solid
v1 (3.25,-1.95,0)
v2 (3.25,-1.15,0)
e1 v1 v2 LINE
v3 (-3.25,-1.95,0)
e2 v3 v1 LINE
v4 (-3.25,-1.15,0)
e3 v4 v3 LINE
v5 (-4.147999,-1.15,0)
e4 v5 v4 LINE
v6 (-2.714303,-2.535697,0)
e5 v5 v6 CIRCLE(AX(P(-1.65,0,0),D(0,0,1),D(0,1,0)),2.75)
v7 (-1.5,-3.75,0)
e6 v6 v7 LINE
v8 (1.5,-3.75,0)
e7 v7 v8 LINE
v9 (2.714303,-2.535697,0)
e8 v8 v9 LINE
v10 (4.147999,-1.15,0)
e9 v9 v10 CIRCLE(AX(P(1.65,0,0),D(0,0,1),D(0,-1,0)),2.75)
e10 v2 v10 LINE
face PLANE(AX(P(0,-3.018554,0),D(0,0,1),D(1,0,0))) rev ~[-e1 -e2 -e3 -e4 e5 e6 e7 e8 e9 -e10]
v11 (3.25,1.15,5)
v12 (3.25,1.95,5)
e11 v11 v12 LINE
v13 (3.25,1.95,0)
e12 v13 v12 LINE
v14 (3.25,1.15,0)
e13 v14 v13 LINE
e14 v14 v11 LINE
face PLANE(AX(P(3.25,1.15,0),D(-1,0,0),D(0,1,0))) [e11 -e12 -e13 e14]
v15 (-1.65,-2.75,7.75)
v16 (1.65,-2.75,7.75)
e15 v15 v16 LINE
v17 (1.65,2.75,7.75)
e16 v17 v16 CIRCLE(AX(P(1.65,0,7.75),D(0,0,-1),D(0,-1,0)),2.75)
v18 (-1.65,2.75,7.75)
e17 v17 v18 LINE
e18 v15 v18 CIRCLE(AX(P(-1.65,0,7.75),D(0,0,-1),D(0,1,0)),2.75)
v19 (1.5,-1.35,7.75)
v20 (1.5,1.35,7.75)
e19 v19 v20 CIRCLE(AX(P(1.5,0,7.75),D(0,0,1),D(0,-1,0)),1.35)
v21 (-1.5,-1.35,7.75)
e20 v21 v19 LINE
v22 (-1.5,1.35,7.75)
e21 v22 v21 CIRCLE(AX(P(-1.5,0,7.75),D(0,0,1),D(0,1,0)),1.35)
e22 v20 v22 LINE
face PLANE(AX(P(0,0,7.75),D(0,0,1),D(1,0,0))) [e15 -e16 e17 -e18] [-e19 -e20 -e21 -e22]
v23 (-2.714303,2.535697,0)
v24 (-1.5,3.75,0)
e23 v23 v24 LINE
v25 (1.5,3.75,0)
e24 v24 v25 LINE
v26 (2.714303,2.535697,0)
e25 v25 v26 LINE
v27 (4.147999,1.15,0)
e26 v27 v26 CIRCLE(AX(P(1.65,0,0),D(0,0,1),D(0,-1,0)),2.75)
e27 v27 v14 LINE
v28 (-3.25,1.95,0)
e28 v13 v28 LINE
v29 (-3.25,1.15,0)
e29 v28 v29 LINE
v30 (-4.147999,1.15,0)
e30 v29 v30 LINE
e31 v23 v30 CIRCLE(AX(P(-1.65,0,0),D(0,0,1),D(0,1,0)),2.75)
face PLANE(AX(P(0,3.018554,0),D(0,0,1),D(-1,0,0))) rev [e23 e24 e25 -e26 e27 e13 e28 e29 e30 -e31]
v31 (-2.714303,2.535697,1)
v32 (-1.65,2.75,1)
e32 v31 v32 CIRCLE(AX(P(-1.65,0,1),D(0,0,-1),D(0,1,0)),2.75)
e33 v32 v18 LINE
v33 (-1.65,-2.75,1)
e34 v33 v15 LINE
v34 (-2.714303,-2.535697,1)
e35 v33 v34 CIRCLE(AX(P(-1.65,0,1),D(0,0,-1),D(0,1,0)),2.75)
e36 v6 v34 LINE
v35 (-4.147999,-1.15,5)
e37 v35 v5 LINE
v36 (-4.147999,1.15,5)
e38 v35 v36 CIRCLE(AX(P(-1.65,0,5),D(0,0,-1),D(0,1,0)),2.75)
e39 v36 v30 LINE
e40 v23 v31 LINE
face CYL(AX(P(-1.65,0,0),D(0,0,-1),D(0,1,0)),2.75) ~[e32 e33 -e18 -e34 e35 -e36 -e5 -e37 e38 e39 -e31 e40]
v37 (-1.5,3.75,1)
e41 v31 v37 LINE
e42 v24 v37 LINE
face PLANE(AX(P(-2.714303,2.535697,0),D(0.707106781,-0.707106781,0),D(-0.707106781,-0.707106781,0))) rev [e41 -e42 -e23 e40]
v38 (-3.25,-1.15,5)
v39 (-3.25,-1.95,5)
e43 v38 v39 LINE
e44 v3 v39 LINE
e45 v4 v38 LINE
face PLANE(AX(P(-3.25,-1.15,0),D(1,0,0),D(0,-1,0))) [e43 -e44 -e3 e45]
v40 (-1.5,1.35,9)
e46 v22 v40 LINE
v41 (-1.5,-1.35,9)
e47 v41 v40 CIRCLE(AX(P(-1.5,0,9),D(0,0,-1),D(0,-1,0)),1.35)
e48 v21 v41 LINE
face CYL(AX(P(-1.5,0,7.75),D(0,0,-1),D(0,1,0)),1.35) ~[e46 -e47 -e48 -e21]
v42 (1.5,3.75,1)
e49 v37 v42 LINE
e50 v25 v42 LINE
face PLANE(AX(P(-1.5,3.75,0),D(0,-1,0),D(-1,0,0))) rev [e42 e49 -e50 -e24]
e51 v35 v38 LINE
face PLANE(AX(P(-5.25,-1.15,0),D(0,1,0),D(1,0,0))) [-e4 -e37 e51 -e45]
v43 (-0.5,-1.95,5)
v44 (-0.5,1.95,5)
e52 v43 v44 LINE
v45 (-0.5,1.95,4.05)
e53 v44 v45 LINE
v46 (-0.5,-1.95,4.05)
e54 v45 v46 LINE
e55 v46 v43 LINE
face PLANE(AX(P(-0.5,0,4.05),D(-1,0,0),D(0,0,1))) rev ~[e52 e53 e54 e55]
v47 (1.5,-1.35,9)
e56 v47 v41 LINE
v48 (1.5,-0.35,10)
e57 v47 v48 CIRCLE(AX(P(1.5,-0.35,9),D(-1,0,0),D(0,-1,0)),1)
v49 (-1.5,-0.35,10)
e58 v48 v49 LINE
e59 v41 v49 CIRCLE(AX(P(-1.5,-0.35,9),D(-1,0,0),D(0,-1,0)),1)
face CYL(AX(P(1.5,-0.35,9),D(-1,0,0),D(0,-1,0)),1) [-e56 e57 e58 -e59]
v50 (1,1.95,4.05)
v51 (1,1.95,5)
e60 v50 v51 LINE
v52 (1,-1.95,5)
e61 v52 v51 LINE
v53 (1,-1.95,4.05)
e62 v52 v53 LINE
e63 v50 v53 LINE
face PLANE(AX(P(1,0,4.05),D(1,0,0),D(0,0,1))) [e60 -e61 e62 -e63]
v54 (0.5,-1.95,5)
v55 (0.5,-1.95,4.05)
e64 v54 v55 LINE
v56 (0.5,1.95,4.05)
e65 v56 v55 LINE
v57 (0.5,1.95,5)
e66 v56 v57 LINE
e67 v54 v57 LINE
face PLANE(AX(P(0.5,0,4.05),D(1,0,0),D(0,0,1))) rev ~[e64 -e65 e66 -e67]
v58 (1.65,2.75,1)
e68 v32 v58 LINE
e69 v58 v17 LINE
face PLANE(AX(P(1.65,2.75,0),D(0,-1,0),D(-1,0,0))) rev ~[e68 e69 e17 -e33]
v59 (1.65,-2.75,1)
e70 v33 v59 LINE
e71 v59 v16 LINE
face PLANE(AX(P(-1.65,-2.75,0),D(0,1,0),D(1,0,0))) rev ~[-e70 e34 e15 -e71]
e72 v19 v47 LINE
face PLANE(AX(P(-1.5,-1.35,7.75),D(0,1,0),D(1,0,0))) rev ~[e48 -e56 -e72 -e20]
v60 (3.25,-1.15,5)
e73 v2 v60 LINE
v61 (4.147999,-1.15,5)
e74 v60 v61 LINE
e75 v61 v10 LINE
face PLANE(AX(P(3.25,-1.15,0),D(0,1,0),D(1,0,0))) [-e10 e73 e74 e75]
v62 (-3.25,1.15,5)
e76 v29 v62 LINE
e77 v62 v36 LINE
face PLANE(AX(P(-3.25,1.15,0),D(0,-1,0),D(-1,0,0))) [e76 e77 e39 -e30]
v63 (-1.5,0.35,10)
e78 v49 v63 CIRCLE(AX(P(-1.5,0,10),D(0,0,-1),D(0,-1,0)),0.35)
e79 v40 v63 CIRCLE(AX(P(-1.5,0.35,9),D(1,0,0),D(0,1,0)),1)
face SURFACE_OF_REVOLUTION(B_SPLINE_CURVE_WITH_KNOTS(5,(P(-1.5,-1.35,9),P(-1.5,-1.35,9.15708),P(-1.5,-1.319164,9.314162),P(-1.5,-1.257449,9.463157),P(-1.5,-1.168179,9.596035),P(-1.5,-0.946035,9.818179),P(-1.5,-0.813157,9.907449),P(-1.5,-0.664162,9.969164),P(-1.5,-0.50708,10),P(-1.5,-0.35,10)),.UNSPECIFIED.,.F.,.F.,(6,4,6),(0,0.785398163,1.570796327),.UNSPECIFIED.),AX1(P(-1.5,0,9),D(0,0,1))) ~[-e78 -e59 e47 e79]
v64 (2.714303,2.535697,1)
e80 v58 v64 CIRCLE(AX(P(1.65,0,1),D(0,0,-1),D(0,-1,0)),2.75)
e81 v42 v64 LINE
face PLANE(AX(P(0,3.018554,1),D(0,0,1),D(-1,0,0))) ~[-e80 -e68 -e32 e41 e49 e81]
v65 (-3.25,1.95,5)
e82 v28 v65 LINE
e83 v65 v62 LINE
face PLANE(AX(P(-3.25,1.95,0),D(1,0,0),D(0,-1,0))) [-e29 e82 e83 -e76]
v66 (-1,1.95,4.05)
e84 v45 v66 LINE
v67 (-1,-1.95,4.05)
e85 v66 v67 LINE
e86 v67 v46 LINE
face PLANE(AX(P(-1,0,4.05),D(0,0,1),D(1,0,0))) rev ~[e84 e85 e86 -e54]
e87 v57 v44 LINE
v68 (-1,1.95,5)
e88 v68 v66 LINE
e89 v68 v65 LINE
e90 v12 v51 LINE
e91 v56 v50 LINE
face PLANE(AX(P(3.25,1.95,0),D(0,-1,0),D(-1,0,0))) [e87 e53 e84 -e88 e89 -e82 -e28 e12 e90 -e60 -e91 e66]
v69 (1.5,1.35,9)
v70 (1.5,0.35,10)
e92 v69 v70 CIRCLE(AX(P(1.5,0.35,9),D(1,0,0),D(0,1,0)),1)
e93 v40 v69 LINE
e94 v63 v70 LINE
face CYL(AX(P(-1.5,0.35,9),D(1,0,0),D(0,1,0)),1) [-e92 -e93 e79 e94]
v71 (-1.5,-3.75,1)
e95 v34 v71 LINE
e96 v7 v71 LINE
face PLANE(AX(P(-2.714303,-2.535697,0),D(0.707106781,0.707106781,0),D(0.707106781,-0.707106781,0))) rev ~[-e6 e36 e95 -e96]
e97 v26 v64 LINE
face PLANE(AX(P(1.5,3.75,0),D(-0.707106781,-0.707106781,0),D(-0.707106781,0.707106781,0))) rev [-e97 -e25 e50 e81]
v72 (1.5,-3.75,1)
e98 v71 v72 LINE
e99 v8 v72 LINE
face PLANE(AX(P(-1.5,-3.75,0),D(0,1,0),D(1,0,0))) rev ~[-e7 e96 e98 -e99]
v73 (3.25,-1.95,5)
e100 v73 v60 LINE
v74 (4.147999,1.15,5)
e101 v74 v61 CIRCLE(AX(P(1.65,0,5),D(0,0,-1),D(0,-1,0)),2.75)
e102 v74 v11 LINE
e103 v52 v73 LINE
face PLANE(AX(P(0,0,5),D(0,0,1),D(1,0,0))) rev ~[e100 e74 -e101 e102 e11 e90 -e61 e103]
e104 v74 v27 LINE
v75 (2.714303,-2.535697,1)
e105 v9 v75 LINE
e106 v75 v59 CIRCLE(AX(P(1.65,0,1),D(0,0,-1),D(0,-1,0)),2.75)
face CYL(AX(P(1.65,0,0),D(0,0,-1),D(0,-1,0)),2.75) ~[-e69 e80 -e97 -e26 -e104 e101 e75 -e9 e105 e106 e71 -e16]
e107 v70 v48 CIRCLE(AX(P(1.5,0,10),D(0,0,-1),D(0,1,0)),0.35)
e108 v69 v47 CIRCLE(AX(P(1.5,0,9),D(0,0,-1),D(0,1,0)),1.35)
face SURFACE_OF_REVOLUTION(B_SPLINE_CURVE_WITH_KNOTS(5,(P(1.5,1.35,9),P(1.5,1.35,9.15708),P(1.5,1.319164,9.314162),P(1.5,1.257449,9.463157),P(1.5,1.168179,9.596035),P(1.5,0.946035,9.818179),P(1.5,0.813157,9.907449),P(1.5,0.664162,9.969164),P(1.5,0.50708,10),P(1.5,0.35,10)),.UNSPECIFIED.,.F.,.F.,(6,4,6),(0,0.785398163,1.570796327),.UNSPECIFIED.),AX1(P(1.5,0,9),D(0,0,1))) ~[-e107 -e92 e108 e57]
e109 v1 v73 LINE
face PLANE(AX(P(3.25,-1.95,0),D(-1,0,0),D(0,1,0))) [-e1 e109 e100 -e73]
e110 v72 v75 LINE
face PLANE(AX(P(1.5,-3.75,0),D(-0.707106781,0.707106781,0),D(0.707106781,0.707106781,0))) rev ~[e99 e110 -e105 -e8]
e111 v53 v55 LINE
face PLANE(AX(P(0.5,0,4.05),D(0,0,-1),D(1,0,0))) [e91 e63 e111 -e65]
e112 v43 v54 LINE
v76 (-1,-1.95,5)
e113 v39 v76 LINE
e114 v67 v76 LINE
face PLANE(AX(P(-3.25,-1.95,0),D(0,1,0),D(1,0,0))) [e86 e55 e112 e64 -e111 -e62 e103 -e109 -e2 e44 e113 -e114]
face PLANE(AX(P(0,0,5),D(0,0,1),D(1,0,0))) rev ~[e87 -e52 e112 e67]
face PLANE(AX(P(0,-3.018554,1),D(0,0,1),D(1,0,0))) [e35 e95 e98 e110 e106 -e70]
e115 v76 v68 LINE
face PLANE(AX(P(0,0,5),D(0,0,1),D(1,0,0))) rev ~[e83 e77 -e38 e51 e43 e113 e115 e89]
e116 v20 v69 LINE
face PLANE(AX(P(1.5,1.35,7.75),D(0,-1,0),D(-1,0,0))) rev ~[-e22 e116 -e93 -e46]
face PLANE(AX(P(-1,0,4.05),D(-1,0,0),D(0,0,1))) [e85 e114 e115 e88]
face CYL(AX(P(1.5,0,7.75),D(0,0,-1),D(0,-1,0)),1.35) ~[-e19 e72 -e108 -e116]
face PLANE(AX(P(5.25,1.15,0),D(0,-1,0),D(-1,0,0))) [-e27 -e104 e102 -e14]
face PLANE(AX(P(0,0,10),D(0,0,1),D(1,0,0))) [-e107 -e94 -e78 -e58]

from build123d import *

# Parameters (mm, degrees)
PAD_DEPTH       = 10
POCKET_DEPTH    = 5
SKETCH002_W     = 0.5
SKETCH002_H     = 0.95
PAD001_DEPTH    = 2
SKETCH005_W     = 10
SKETCH005_H     = 10
POCKET001_DEPTH = 2.251
PAD002_DEPTH    = 1
FILLET_R        = 1


with BuildPart() as part:
    # Sketch → Pad (new body)
    with BuildSketch(Plane.XY):
        with BuildLine():
            ThreePointArc((-1.65, 2.75), (-4.4, 0), (-1.65, -2.75))
            Line((-1.65, -2.75), (1.65, -2.75))
            ThreePointArc((1.65, -2.75), (4.4, 0), (1.65, 2.75))
            Line((1.65, 2.75), (-1.65, 2.75))
        make_face()
    extrude(amount=PAD_DEPTH)

    # Sketch001 → Pocket (cut)
    with BuildSketch(Plane.XY):
        Polygon((-3.25, 1.95), (-3.25, 1.15), (-5.25, 1.15), (-5.25, -1.15), (-3.25, -1.15), (-3.25, -1.95), (3.25, -1.95), (3.25, -1.15), (5.25, -1.15), (5.25, 1.15), (3.25, 1.15), (3.25, 1.95), align=None)
    extrude(amount=POCKET_DEPTH, mode=Mode.SUBTRACT)

    # Sketch002 → Pad001 (join, symmetric)
    with BuildSketch(Plane.XZ):
        with Locations((-0.75, 4.525)):
            Rectangle(SKETCH002_W, SKETCH002_H)
        with Locations((0.75, 4.525)):
            Rectangle(SKETCH002_W, SKETCH002_H)
    extrude(amount=PAD001_DEPTH, both=True)

    # Sketch005 (on DatumPlane) → Pocket001 (cut, through all)
    with BuildSketch(Plane.XY.offset(7.75)):
        Rectangle(SKETCH005_W, SKETCH005_H)
        with BuildLine():
            ThreePointArc((-1.5, 1.35), (-2.85, 0), (-1.5, -1.35))
            Line((-1.5, -1.35), (1.5, -1.35))
            ThreePointArc((1.5, -1.35), (2.85, 0), (1.5, 1.35))
            Line((1.5, 1.35), (-1.5, 1.35))
        make_face(mode=Mode.SUBTRACT)
    extrude(amount=POCKET001_DEPTH, mode=Mode.SUBTRACT)

    # Sketch006 → Pad002 (join)
    with BuildSketch(Plane.XY):
        Polygon((-2.714303, -2.535697), (-1.5, -3.75), (1.5, -3.75), (2.714303, -2.535697), align=None)
    pad002 = extrude(amount=PAD002_DEPTH)

    # Mirrored: Pad002 across XZ
    add(pad002.mirror(Plane.XZ))

    # Fillet
    fillet_edges = [part.edges().sort_by_distance(p)[0] for p in [
        (0, -1.35, 10),
        (2.85, 0, 10),
        (0, 1.35, 10),
        (-2.85, 0, 10),
    ]]
    fillet(fillet_edges, radius=FILLET_R)


solid = part.part
